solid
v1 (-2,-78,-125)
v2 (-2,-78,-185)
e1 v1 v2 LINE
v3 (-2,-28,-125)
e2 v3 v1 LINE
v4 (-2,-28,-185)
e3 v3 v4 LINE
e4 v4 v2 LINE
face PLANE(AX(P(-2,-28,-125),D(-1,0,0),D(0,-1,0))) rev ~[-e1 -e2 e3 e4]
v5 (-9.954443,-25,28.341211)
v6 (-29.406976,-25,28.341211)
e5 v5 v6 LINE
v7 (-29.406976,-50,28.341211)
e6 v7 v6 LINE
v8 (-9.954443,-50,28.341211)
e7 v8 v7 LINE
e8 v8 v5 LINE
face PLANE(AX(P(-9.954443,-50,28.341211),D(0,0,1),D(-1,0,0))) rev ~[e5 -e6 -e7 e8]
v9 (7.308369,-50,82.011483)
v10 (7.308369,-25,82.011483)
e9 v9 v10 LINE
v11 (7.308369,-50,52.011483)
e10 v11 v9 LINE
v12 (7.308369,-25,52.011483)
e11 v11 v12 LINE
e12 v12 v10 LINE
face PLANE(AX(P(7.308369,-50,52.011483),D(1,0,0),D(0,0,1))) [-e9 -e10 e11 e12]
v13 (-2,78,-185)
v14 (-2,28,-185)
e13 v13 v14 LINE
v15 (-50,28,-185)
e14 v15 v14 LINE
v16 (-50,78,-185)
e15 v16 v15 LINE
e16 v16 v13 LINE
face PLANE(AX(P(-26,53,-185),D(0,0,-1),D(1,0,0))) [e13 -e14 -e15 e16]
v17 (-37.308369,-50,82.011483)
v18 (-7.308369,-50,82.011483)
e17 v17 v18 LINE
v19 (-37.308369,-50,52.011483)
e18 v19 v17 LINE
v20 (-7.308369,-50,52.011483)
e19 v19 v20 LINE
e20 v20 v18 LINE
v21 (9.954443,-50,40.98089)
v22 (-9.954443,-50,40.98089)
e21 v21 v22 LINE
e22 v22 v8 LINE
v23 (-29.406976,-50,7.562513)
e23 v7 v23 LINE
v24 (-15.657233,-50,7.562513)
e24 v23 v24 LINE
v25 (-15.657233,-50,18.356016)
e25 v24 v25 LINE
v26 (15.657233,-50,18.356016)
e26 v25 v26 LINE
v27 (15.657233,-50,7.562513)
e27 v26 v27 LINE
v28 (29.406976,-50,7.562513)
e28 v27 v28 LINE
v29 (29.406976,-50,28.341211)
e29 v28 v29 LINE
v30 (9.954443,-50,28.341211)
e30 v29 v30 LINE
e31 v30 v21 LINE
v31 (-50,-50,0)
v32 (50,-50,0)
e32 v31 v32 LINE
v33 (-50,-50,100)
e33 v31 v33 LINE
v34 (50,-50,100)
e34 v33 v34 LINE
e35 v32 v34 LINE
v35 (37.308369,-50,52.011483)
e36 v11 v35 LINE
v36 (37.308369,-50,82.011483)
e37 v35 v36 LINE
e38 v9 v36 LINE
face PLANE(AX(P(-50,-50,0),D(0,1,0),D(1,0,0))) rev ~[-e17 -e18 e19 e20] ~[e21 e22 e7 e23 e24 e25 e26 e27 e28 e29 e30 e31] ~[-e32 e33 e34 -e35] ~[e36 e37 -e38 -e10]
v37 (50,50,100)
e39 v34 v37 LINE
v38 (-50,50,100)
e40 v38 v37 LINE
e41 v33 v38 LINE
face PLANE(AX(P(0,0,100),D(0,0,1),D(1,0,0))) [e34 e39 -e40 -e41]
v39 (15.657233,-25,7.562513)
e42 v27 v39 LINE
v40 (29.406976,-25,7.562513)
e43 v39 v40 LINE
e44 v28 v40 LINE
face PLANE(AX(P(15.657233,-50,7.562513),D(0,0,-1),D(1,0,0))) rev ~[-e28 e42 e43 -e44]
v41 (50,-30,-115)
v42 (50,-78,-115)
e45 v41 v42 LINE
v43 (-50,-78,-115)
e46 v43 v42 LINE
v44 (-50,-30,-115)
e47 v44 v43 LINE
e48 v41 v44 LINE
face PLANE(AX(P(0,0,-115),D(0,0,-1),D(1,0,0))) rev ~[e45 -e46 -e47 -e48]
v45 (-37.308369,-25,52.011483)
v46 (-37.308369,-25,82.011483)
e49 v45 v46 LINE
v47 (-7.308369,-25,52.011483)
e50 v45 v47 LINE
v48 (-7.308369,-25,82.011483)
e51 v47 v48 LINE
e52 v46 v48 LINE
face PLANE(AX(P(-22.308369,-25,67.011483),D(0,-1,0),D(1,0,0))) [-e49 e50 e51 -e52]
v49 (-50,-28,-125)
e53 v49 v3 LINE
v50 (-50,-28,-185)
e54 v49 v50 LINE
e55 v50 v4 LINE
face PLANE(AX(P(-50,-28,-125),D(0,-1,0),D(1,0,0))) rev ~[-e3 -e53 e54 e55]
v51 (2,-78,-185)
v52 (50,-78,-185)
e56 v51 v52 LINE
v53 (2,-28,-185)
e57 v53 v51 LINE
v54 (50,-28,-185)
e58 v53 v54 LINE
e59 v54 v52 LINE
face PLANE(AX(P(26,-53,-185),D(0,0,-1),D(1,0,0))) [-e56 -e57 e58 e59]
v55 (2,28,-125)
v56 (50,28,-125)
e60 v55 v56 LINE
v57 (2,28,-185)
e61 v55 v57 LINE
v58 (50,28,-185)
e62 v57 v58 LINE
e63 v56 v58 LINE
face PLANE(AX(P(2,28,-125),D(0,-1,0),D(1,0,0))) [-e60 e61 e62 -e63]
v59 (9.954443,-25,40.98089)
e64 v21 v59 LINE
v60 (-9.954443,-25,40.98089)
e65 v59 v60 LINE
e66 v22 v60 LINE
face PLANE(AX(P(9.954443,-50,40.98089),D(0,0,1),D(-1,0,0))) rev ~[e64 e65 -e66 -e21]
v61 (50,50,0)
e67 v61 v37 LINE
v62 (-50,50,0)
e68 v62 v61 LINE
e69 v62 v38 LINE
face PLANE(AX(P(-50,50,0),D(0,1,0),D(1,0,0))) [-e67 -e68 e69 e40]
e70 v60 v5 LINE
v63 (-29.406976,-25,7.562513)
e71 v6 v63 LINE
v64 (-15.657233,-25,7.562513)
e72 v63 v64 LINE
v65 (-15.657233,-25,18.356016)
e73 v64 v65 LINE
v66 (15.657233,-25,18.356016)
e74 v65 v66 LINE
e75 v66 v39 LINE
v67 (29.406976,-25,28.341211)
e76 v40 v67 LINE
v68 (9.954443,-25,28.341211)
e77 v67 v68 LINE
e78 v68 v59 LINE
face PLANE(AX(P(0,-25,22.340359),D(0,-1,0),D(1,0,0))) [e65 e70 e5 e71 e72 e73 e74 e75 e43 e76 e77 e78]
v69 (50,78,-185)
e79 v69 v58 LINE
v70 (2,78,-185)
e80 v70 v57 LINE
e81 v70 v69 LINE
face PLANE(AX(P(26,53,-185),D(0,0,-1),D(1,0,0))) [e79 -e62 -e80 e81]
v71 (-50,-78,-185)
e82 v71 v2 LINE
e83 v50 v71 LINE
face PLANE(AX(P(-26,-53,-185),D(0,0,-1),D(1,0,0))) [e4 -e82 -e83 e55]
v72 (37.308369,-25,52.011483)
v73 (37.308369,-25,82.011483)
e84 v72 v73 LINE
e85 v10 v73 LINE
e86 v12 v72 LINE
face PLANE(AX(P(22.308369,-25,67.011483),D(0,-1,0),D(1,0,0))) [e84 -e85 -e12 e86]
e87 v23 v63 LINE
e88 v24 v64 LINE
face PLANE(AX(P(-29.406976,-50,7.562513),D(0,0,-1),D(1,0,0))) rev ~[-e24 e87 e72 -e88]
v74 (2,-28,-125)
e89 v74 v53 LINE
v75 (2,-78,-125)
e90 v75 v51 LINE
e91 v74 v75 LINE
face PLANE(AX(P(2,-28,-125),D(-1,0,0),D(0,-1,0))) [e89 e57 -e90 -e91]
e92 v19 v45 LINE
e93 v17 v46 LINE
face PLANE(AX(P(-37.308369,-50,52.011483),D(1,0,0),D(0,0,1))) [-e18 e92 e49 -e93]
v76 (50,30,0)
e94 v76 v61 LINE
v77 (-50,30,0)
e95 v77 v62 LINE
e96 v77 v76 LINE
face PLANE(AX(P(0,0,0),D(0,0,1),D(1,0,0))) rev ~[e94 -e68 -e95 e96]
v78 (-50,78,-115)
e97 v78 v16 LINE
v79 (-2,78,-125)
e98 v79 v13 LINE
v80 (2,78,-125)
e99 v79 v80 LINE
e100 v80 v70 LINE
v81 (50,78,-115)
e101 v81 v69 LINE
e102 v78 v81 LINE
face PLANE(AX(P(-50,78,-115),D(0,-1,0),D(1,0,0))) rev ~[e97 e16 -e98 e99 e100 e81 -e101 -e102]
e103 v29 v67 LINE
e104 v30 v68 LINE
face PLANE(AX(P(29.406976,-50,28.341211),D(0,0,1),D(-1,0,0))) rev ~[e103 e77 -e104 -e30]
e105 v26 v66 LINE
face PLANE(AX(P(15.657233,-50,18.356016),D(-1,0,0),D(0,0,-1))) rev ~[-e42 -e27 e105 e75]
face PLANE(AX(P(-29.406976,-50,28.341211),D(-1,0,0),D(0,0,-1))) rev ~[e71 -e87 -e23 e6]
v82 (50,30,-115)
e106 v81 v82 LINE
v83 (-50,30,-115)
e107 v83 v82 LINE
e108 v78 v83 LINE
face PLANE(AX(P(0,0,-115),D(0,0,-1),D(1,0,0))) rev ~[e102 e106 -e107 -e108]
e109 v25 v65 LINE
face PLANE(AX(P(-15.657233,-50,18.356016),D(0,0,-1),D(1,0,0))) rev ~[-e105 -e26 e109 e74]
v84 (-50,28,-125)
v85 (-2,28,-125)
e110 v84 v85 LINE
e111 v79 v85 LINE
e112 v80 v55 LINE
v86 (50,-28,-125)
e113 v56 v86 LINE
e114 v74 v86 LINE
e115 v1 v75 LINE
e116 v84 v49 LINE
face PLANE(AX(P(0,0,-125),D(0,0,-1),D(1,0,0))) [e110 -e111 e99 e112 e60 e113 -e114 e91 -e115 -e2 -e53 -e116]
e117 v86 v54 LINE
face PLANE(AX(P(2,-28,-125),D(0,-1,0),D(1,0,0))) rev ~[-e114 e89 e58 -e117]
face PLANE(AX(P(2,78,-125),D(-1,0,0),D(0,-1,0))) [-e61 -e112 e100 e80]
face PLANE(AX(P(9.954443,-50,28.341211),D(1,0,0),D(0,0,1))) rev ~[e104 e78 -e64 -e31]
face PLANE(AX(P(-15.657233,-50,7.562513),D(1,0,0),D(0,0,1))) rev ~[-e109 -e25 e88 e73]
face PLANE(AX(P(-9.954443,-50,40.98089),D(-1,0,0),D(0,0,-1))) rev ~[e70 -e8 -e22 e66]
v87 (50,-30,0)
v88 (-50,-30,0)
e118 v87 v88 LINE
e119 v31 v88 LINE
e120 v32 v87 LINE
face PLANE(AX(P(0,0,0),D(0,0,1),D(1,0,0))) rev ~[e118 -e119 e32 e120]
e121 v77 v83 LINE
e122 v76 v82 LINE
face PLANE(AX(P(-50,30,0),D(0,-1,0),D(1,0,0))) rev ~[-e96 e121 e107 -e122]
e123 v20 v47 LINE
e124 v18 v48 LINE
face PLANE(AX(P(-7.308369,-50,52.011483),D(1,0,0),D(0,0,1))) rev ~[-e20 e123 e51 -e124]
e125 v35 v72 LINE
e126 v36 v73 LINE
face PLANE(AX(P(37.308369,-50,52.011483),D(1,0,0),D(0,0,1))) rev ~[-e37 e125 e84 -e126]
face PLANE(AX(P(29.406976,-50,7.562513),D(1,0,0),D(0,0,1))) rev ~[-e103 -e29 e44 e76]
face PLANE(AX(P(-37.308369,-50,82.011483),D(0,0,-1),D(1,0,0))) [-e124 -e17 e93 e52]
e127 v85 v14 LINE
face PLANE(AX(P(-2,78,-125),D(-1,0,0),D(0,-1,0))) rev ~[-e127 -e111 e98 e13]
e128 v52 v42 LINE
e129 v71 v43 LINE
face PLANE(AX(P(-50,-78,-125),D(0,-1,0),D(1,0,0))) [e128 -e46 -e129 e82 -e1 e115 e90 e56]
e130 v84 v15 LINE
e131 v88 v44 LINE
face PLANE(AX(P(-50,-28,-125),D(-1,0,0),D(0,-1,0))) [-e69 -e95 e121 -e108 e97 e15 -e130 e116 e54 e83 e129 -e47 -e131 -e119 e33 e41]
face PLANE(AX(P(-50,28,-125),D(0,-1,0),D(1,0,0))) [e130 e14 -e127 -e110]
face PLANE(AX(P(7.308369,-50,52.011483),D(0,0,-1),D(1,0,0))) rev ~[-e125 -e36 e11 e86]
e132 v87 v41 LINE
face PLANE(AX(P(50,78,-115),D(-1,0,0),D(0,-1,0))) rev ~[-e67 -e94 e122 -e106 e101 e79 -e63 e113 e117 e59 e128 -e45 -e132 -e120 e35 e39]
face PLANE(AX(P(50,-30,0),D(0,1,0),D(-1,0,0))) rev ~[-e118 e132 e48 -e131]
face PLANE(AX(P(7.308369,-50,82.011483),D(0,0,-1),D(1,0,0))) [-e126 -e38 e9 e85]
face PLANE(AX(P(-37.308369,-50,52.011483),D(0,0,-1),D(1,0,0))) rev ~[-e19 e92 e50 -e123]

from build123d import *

# Parameters (mm, degrees)
F0_W     = 100
F0_H     = 100
F1_DEPTH = 100
F2_W     = 30
F2_H     = 30
F3_DEPTH = 25
F4_W     = 50
F4_H     = 30
F5_DEPTH = 115
F6_W     = 100
F6_H     = 156
F7_DEPTH = 10
F8_W     = 48
F8_H     = 50
F9_DEPTH = 60


with BuildPart() as f1:
    # F0 (on Top) → F1 (new body)
    with BuildSketch(Plane.XY):
        Rectangle(F0_W, F0_H)
    extrude(amount=F1_DEPTH)

    # F2 (on face) → F3 (cut)
    with BuildSketch(Plane.XZ.offset(50)):
        with Locations((-22.308369, 67.011483)):
            Rectangle(F2_W, F2_H)
        with Locations((22.308369, 67.011483)):
            Rectangle(F2_W, F2_H)
        Polygon((9.954443, 40.98089), (0, 40.98089), (-9.954443, 40.98089), (-9.954443, 28.341211), (-29.406976, 28.341211), (-29.406976, 7.562513), (-15.657233, 7.562513), (-15.657233, 18.356016), (0, 18.356016), (15.657233, 18.356016), (15.657233, 7.562513), (29.406976, 7.562513), (29.406976, 28.341211), (9.954443, 28.341211), align=None)
    extrude(amount=-F3_DEPTH, mode=Mode.SUBTRACT)

    # F4 (on face) → F5 (join)
    with BuildSketch(Plane(origin=(0, 0, 0), x_dir=(1, 0, 0), z_dir=(0, 0, -1))):
        with Locations((25, -15)):
            Rectangle(F4_W, F4_H)
        with Locations((25, 15)):
            Rectangle(F4_W, F4_H)
        with Locations((-25, -15)):
            Rectangle(F4_W, F4_H)
        with Locations((-25, 15)):
            Rectangle(F4_W, F4_H)
    extrude(amount=F5_DEPTH)

    # F6 (on face) → F7 (join)
    with BuildSketch(Plane(origin=(0, 0, -115), x_dir=(1, 0, 0), z_dir=(0, 0, -1))):
        Rectangle(F6_W, F6_H)
    extrude(amount=F7_DEPTH)

    # F8 (on face) → F9 (join)
    with BuildSketch(Plane(origin=(0, 0, -125), x_dir=(1, 0, 0), z_dir=(0, 0, -1))):
        with Locations((-26, 53)):
            Rectangle(F8_W, F8_H)
        with Locations((26, 53)):
            Rectangle(F8_W, F8_H)
        with Locations((-26, -53)):
            Rectangle(F8_W, F8_H)
        with Locations((26, -53)):
            Rectangle(F8_W, F8_H)
    extrude(amount=F9_DEPTH)


solid = f1.part
